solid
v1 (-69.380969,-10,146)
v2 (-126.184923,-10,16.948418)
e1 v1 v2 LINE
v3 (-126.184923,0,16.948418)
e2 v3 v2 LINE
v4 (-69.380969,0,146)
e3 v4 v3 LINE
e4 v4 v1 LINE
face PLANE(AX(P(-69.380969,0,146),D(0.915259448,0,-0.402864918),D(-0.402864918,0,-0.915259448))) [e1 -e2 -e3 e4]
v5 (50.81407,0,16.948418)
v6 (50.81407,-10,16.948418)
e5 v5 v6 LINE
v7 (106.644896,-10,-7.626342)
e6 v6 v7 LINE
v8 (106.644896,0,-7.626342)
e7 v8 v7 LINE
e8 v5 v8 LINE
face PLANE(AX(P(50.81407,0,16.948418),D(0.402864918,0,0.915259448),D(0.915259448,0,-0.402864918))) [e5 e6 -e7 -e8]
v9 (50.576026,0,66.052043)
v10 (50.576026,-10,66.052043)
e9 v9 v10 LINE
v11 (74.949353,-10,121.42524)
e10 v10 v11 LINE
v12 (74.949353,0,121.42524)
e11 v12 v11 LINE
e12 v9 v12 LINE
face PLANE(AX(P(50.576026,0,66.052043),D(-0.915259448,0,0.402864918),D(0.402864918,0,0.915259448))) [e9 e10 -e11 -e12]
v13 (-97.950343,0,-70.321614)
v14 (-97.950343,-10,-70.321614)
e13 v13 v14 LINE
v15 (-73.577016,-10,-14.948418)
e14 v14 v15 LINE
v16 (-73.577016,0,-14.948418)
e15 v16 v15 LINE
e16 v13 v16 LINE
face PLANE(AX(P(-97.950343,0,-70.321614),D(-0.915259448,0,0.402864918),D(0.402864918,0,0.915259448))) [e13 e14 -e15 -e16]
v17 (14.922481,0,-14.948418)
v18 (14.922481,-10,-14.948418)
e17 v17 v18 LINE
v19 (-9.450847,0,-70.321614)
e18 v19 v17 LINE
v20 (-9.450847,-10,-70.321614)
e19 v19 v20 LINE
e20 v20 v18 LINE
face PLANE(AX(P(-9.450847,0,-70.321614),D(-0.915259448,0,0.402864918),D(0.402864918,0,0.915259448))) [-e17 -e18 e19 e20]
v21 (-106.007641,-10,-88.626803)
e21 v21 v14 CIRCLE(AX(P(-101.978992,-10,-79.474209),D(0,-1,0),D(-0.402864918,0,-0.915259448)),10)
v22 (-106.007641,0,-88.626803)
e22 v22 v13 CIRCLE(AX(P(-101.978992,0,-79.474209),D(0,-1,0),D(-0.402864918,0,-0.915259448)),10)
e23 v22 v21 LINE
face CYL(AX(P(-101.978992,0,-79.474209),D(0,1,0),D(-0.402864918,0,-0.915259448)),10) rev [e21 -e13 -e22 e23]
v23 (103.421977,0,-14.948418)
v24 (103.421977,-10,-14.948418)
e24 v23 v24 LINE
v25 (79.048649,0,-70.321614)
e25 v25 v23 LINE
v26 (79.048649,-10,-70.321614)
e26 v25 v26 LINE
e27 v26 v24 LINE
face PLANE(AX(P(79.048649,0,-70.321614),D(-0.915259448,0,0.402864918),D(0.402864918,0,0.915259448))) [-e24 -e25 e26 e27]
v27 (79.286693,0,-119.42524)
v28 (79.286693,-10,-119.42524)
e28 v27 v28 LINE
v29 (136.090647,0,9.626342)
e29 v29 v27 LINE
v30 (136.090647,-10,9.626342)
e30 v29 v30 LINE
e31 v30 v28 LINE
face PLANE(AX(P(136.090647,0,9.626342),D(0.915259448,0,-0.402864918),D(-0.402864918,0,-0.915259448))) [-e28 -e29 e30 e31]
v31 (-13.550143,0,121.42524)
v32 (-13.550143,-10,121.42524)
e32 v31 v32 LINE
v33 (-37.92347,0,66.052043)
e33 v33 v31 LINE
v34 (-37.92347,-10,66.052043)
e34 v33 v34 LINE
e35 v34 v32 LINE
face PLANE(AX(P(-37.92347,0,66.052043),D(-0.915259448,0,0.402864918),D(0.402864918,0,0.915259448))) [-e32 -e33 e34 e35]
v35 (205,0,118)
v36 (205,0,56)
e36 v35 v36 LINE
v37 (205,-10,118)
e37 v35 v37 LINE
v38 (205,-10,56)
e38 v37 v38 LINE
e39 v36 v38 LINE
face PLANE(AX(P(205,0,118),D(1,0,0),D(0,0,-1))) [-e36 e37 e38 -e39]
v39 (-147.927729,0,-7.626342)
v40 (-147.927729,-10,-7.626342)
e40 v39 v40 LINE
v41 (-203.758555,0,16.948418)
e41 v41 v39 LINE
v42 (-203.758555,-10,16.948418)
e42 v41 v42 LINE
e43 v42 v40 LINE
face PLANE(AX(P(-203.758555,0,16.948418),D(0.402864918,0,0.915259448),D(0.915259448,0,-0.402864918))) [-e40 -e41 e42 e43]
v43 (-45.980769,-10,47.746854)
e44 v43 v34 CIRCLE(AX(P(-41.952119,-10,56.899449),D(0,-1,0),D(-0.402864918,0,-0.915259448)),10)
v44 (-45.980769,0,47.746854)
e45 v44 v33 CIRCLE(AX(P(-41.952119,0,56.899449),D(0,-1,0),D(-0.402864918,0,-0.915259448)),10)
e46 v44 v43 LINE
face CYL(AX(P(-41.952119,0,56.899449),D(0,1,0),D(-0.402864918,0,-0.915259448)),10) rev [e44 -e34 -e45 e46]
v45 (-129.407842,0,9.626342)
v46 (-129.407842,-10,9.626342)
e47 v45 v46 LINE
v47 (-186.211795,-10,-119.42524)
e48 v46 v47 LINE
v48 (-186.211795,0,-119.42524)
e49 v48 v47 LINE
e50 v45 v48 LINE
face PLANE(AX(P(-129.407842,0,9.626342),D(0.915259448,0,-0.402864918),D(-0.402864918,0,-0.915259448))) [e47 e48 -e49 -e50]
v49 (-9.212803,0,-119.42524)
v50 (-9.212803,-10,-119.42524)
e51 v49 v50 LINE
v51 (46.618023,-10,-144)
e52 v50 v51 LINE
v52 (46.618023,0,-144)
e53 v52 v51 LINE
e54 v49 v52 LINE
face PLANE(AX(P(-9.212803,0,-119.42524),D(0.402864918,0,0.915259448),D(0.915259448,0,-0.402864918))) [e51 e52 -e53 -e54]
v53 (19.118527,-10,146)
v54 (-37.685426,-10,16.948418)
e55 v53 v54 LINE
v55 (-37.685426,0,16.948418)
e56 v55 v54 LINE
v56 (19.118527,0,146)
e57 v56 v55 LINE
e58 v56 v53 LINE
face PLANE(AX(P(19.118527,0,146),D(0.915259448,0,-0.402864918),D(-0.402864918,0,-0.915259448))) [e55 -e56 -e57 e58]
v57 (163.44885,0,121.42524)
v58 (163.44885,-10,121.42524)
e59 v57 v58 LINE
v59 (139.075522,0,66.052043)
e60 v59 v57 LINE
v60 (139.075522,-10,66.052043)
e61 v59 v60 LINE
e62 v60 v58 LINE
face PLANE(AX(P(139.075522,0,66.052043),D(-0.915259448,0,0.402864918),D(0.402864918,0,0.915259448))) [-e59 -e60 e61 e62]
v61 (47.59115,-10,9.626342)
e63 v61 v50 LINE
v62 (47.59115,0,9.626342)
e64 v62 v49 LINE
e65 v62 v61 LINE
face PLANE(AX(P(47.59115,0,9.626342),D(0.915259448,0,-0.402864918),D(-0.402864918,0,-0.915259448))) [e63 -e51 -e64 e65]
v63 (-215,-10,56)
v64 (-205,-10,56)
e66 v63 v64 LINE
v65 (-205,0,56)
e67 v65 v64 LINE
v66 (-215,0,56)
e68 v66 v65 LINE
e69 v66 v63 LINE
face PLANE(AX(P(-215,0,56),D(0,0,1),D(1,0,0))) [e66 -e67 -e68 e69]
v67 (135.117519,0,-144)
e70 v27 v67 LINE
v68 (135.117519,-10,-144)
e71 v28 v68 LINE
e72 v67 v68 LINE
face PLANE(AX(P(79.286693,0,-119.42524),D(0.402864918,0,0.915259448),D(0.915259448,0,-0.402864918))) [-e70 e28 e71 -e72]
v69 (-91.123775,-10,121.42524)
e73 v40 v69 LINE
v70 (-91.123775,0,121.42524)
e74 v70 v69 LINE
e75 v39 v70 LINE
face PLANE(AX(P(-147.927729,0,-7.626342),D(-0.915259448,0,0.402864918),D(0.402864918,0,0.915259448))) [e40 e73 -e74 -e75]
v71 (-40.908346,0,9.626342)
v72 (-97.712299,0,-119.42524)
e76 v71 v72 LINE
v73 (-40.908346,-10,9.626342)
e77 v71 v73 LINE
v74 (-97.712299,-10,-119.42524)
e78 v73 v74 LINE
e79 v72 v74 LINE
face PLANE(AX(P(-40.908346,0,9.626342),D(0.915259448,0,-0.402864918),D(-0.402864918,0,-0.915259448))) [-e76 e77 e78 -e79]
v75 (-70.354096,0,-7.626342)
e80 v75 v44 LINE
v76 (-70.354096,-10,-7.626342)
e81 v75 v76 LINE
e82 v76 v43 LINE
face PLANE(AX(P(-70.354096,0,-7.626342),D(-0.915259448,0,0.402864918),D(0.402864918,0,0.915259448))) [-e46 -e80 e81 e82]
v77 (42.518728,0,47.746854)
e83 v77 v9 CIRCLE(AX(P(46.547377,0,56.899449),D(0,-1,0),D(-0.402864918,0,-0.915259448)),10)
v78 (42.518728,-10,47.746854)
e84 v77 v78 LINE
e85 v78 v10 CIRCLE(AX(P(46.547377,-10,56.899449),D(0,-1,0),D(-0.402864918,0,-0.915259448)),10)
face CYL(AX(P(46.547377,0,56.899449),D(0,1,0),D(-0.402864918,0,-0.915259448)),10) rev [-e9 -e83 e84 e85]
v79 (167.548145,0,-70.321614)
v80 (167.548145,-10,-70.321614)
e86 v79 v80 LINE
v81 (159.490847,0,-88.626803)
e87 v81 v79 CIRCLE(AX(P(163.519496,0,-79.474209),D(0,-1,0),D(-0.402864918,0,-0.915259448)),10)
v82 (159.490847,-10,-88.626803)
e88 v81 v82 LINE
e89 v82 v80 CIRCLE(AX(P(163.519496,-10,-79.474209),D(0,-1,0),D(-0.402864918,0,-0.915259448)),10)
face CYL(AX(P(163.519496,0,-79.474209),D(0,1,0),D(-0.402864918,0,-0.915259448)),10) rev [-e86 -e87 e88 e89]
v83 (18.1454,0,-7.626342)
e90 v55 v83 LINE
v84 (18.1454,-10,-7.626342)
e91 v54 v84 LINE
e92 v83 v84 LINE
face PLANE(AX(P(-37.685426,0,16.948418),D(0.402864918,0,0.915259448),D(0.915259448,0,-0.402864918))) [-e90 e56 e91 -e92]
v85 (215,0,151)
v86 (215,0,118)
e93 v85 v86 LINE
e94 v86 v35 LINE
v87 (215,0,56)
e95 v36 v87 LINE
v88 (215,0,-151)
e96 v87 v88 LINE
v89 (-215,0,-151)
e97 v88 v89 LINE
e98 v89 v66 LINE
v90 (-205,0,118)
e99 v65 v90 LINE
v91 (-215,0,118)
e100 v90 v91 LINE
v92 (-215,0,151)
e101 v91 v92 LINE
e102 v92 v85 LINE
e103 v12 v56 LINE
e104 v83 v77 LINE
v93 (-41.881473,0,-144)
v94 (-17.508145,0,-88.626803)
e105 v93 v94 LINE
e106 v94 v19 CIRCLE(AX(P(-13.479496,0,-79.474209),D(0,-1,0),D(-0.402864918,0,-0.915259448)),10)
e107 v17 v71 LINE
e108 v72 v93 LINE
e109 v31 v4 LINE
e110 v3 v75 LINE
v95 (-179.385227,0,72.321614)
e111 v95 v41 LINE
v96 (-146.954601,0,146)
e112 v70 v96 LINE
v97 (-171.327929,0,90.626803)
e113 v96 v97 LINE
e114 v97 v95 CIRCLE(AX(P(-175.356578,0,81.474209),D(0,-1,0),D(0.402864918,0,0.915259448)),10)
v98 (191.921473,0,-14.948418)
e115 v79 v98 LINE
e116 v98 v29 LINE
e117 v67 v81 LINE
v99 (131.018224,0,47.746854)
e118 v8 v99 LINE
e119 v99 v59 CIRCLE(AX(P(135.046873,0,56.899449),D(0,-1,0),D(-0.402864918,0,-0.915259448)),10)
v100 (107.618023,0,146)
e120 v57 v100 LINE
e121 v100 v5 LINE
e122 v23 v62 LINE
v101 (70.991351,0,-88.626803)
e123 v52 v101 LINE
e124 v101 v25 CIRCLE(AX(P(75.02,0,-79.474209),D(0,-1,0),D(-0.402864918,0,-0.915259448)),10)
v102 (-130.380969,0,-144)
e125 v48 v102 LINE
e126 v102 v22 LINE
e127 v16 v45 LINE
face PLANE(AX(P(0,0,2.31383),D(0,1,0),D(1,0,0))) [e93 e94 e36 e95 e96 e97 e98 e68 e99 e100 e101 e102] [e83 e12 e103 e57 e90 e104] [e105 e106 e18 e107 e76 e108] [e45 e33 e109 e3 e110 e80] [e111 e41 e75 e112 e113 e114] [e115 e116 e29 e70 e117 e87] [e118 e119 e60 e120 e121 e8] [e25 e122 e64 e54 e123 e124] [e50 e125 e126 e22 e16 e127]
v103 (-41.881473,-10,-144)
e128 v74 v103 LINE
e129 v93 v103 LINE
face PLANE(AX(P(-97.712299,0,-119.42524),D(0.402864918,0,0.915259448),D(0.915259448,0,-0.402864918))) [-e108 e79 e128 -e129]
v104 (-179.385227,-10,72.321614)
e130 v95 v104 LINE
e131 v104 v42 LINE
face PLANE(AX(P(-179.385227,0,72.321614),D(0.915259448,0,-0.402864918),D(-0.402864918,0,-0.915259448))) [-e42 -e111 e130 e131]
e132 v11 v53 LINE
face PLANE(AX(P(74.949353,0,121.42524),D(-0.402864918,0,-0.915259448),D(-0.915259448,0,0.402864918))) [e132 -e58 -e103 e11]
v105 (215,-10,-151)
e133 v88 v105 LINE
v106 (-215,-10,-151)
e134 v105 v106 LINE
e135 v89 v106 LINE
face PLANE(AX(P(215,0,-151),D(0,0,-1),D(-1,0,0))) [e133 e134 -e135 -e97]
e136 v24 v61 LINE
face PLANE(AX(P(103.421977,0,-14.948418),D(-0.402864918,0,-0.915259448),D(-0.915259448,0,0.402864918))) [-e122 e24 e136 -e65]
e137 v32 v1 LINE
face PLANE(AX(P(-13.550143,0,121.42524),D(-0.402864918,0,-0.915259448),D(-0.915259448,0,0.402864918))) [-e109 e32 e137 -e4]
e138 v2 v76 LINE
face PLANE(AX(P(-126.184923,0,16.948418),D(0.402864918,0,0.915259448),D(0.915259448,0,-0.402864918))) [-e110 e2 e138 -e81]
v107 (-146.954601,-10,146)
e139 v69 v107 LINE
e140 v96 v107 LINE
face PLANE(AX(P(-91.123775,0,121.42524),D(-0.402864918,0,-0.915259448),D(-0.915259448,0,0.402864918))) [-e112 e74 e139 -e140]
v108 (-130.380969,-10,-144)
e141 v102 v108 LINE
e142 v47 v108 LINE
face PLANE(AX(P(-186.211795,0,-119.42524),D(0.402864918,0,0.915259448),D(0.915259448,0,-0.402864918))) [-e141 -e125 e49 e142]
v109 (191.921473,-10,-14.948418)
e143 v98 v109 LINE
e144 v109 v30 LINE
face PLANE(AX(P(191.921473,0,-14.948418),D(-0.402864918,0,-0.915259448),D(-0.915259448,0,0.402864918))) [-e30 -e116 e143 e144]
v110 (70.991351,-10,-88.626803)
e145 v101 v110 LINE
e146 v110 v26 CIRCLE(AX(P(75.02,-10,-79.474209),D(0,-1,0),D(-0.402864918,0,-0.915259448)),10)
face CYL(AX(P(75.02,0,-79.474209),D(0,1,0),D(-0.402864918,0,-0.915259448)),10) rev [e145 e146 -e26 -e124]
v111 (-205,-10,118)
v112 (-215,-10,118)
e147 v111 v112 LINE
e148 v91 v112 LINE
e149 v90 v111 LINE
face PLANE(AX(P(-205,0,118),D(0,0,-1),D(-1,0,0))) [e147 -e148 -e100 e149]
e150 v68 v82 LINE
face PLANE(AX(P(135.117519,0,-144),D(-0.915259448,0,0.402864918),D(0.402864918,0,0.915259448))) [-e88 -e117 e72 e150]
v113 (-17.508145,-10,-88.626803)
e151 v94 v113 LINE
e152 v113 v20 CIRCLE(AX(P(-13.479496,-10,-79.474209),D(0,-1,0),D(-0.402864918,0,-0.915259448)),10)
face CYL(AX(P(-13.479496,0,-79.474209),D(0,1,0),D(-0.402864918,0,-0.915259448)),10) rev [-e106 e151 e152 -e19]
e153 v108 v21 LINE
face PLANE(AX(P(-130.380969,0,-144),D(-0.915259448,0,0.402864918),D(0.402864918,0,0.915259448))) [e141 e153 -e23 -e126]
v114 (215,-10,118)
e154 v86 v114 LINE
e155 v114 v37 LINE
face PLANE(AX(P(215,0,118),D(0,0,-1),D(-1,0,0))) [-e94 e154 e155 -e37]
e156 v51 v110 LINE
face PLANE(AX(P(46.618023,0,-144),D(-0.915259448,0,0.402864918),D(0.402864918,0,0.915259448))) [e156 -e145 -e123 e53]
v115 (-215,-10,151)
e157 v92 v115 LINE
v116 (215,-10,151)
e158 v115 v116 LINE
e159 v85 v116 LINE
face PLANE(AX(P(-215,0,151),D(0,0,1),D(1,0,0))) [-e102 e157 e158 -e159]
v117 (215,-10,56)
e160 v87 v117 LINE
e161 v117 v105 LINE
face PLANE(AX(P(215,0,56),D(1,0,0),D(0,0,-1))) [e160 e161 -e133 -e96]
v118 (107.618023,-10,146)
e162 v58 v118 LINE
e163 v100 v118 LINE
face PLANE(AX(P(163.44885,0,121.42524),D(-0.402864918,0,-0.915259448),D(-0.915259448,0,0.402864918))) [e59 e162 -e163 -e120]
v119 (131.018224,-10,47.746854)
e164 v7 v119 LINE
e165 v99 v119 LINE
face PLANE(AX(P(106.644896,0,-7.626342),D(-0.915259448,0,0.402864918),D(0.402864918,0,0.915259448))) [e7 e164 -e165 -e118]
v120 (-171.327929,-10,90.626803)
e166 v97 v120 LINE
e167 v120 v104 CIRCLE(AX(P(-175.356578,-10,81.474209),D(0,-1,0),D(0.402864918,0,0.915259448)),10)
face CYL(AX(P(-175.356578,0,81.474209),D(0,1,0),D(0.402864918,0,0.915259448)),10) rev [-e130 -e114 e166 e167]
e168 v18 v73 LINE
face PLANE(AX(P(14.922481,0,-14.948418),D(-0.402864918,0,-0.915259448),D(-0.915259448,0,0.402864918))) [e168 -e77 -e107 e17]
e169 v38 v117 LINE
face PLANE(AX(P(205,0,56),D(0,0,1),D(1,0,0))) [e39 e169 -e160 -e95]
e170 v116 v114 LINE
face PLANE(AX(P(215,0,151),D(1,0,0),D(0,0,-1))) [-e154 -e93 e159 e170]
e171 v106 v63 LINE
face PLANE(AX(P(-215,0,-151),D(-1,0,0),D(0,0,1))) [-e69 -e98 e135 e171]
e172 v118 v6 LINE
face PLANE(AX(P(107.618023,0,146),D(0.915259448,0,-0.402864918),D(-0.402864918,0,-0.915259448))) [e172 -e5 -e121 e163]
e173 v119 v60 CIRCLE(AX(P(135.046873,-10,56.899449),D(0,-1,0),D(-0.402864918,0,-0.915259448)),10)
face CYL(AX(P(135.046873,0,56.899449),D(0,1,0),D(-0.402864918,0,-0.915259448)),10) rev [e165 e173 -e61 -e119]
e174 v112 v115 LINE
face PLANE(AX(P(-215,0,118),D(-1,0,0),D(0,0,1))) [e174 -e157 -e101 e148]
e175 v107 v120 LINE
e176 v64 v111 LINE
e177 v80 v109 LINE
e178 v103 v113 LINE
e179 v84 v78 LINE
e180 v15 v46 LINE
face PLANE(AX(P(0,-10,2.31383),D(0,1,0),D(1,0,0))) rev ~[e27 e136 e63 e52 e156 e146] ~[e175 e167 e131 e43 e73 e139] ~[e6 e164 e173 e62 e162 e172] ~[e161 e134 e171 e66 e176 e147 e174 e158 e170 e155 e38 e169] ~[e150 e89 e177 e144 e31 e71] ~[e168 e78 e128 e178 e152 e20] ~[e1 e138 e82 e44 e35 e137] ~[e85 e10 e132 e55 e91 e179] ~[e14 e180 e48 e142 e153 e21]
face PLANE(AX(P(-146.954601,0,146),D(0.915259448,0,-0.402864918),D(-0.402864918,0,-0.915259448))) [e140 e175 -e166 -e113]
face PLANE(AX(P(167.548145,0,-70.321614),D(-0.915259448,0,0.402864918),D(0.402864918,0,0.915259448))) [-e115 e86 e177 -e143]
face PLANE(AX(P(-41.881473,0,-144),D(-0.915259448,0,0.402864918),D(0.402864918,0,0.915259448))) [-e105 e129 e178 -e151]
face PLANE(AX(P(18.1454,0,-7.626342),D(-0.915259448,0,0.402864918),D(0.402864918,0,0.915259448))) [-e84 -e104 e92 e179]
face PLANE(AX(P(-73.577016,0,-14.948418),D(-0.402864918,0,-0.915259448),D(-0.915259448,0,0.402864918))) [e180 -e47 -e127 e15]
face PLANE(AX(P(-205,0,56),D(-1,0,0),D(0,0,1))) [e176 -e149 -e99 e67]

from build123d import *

# Parameters (mm, degrees)
BOSS_EXTRUDE1_DEPTH = 10


with BuildPart() as part:
    # Sketch1 → Boss-Extrude1 (new body)
    with BuildSketch(Plane(origin=(0, 0, 0), x_dir=(1, 0, 0), z_dir=(0, 1, 0))):
        Polygon((-215, -118), (-215, -151), (215, -151), (215, -118), (205, -118), (205, -101), (205, -56), (215, -56), (215, 151), (-215, 151), (-215, -56), (-205, -56), (-205, -101), (-205, -118), align=None)
        with BuildLine():
            Line((-179.385227366, -72.32161442), (-203.75855493, -16.948417804))
            Line((-203.75855493, -16.948417804), (-147.92772859, 7.626342219))
            Line((-147.92772859, 7.626342219), (-91.123775094, -121.425239977))
            Line((-91.123775094, -121.425239977), (-146.954601434, -146))
            Line((-146.954601434, -146), (-171.327928998, -90.626803384))
            ThreePointArc((-171.327928998, -90.626803384), (-184.509172664, -85.502858086), (-179.385227366, -72.32161442))
        make_face(mode=Mode.SUBTRACT)
        with BuildLine():
            Line((-69.380969017, -146), (-126.184922514, -16.948417804))
            Line((-126.184922514, -16.948417804), (-70.354096174, 7.626342219))
            Line((-70.354096174, 7.626342219), (-45.98076861, -47.746854397))
            ThreePointArc((-45.98076861, -47.746854397), (-32.799524944, -52.870799695), (-37.923470242, -66.052043361))
            Line((-37.923470242, -66.052043361), (-13.550142678, -121.425239977))
            Line((-13.550142678, -121.425239977), (-69.380969017, -146))
        make_face(mode=Mode.SUBTRACT)
        with BuildLine():
            Line((19.11852712, -146), (-37.685426377, -16.948417804))
            Line((-37.685426377, -16.948417804), (18.145399963, 7.626342219))
            Line((18.145399963, 7.626342219), (42.518727527, -47.746854397))
            ThreePointArc((42.518727527, -47.746854397), (55.699971193, -52.870799695), (50.576025895, -66.052043361))
            Line((50.576025895, -66.052043361), (74.94935346, -121.425239977))
            Line((74.94935346, -121.425239977), (19.11852712, -146))
        make_face(mode=Mode.SUBTRACT)
        with BuildLine():
            Line((107.618023257, -146), (50.81406976, -16.948417804))
            Line((50.81406976, -16.948417804), (106.6448961, 7.626342219))
            Line((106.6448961, 7.626342219), (131.018223664, -47.746854397))
            ThreePointArc((131.018223664, -47.746854397), (144.19946733, -52.870799695), (139.075522033, -66.052043361))
            Line((139.075522033, -66.052043361), (163.448849597, -121.425239977))
            Line((163.448849597, -121.425239977), (107.618023257, -146))
        make_face(mode=Mode.SUBTRACT)
        with BuildLine():
            Line((-129.407841861, -9.626342219), (-186.211795357, 119.425239977))
            Line((-186.211795357, 119.425239977), (-130.380969017, 144))
            Line((-130.380969017, 144), (-106.007641453, 88.626803384))
            ThreePointArc((-106.007641453, 88.626803384), (-92.826397787, 83.502858086), (-97.950343085, 70.32161442))
            Line((-97.950343085, 70.32161442), (-73.577015521, 14.948417804))
            Line((-73.577015521, 14.948417804), (-129.407841861, -9.626342219))
        make_face(mode=Mode.SUBTRACT)
        with BuildLine():
            Line((-40.908345724, -9.626342219), (-97.71229922, 119.425239977))
            Line((-97.71229922, 119.425239977), (-41.88147288, 144))
            Line((-41.88147288, 144), (-17.508145316, 88.626803384))
            ThreePointArc((-17.508145316, 88.626803384), (-4.32690165, 83.502858086), (-9.450846948, 70.32161442))
            Line((-9.450846948, 70.32161442), (14.922480616, 14.948417804))
            Line((14.922480616, 14.948417804), (-40.908345724, -9.626342219))
        make_face(mode=Mode.SUBTRACT)
        with BuildLine():
            Line((47.591150413, -9.626342219), (-9.212803083, 119.425239977))
            Line((-9.212803083, 119.425239977), (46.618023257, 144))
            Line((46.618023257, 144), (70.991350821, 88.626803384))
            ThreePointArc((70.991350821, 88.626803384), (84.172594487, 83.502858086), (79.048649189, 70.32161442))
            Line((79.048649189, 70.32161442), (103.421976753, 14.948417804))
            Line((103.421976753, 14.948417804), (47.591150413, -9.626342219))
        make_face(mode=Mode.SUBTRACT)
        with BuildLine():
            Line((136.09064655, -9.626342219), (79.286693054, 119.425239977))
            Line((79.286693054, 119.425239977), (135.117519394, 144))
            Line((135.117519394, 144), (159.490846958, 88.626803384))
            ThreePointArc((159.490846958, 88.626803384), (172.672090624, 83.502858086), (167.548145326, 70.32161442))
            Line((167.548145326, 70.32161442), (191.92147289, 14.948417804))
            Line((191.92147289, 14.948417804), (136.09064655, -9.626342219))
        make_face(mode=Mode.SUBTRACT)
    extrude(amount=-BOSS_EXTRUDE1_DEPTH)


solid = part.part
